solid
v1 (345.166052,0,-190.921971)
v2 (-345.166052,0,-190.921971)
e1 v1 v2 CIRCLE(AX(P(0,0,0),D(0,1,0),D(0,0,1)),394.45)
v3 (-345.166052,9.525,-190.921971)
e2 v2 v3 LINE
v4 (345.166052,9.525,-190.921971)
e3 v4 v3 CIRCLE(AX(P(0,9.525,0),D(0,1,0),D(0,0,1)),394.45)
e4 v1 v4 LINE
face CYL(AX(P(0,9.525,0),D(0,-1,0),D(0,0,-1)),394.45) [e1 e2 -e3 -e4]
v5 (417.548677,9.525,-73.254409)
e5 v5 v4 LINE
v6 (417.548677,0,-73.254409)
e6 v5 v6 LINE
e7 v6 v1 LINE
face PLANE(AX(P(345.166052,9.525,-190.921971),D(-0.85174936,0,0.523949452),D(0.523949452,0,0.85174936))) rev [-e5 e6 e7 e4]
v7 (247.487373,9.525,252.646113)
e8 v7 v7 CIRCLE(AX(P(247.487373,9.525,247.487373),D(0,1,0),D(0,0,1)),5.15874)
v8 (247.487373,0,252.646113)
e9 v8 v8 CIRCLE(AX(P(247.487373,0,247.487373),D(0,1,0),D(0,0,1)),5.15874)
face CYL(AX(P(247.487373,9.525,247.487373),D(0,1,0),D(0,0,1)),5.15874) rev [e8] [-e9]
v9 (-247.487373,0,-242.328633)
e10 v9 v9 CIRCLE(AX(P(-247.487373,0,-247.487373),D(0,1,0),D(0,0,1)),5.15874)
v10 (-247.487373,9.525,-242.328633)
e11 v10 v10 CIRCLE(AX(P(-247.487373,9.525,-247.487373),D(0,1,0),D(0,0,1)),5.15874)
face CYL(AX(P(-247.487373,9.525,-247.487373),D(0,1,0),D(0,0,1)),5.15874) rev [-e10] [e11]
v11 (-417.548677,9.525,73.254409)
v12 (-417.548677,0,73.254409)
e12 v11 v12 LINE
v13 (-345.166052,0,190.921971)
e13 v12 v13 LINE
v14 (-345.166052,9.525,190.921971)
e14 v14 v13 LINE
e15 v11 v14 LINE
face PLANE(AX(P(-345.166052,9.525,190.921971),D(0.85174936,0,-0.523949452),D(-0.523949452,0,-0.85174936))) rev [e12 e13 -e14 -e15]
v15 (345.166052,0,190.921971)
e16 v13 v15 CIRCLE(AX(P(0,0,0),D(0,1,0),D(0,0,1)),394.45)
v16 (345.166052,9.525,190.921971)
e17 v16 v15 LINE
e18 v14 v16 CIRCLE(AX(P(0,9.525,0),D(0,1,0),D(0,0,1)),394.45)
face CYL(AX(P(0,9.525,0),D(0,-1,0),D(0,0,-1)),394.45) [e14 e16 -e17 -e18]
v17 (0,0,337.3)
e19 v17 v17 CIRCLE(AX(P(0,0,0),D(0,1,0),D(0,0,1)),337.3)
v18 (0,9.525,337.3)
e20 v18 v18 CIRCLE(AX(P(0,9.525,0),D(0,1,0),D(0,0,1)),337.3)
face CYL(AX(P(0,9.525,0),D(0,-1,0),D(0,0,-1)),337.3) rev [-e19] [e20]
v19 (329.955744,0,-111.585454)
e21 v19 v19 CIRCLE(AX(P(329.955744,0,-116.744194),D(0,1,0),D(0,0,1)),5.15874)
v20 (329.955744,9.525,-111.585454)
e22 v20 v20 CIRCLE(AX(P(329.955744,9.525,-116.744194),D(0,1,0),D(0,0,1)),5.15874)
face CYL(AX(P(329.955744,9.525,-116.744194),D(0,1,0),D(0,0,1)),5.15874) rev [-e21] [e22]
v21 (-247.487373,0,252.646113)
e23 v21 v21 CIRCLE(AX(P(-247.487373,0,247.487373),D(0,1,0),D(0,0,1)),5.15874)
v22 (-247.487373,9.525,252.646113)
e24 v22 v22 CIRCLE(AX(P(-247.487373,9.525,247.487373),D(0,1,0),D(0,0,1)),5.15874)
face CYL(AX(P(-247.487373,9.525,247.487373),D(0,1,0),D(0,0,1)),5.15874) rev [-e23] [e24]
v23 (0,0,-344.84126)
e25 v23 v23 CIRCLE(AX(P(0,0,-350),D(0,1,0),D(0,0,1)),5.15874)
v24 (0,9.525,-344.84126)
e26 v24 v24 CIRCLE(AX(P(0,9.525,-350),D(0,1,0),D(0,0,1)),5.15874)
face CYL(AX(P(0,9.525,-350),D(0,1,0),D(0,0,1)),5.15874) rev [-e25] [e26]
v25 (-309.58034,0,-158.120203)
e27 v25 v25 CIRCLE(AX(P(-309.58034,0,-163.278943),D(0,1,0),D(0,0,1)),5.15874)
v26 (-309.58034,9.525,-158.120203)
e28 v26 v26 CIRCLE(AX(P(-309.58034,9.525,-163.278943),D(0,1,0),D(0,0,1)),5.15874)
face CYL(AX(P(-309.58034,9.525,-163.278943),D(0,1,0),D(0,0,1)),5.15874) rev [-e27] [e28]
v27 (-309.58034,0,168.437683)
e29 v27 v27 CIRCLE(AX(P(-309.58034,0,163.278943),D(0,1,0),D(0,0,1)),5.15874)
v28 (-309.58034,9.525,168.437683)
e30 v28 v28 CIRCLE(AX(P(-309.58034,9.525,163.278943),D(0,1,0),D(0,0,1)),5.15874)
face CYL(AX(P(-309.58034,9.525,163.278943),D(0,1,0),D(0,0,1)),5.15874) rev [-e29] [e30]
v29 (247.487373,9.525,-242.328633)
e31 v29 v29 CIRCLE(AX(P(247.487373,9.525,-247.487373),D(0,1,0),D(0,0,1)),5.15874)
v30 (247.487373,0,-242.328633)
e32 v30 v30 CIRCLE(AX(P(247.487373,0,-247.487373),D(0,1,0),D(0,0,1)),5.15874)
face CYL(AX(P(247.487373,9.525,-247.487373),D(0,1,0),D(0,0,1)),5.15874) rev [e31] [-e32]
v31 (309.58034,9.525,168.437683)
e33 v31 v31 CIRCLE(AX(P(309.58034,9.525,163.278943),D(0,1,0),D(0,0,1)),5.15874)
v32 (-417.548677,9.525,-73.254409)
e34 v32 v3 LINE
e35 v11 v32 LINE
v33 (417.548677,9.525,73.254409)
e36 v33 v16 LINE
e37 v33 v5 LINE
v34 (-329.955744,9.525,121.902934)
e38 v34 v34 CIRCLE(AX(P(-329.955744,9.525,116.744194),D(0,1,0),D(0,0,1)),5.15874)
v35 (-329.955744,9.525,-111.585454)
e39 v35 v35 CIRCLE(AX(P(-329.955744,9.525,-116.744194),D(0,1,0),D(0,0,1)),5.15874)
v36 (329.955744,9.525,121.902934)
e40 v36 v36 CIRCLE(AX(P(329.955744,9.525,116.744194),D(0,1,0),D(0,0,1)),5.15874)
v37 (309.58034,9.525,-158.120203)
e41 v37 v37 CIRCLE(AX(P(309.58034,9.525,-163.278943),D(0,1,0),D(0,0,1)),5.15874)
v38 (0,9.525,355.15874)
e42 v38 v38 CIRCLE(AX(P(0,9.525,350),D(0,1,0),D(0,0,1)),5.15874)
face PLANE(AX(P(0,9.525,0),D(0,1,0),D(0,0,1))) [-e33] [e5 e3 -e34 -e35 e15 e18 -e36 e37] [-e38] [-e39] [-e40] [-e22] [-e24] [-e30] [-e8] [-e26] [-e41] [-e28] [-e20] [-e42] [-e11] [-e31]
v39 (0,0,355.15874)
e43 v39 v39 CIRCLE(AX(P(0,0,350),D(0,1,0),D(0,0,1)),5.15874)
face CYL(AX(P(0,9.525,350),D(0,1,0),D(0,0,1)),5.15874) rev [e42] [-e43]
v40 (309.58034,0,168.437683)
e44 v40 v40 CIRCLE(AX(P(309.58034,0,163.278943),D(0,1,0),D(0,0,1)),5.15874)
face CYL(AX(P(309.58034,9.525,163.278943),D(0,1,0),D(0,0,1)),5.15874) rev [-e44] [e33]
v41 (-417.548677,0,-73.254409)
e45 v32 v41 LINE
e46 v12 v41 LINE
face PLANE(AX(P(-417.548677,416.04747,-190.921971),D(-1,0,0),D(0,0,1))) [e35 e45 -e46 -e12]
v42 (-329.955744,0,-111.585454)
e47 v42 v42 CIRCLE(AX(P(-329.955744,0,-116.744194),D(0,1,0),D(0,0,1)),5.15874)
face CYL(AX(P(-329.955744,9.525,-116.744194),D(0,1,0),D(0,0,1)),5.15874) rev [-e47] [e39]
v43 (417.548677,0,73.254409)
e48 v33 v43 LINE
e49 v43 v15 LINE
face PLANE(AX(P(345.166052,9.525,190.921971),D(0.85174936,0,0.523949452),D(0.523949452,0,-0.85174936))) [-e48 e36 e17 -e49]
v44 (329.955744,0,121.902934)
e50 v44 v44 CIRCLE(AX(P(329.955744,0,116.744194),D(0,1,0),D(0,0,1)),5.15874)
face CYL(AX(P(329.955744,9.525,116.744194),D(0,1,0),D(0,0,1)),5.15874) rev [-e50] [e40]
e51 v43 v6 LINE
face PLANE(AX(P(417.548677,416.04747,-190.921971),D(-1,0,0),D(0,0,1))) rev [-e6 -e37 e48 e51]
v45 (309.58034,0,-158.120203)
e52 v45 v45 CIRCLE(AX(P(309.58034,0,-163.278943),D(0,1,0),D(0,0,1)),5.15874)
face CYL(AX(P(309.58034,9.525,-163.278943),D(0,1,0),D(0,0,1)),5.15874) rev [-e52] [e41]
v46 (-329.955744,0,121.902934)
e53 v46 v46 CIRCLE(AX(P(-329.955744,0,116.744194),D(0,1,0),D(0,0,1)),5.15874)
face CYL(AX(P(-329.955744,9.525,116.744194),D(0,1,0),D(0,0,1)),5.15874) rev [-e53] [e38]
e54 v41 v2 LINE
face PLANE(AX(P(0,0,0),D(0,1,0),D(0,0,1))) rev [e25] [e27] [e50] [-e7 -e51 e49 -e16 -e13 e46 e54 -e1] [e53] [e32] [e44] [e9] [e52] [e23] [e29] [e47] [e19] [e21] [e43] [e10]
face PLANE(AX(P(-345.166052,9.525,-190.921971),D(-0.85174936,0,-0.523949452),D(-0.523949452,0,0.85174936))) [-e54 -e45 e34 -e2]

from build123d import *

# Parameters (mm, degrees)
SKETCH1_R               = 394.45
SKETCH1_R_2             = 337.3
BOSS_EXTRUDE1_DEPTH     = 9.525
SKETCH2_W               = 63.5
SKETCH2_H               = 206.256826312
CUT_EXTRUDE1_DEPTH      = 10.525
BOSS_EXTRUDE4_DEPTH     = 9.525
F_3_8_CLEARANCE_HOLE1_D = 10.31748
MIRROR3_COPY_1_D        = 10.31748
F_3_8_CLEARANCE_HOLE2_D = 10.31748
CIRPATTERN1_COUNT       = 8
CUT_EXTRUDE5_DEPTH      = 10.525
MIRROR9_COPY_1_DEPTH    = 10.525


with BuildPart() as part:
    # Sketch1 → Boss-Extrude1 (new body)
    with BuildSketch(Plane(origin=(0, 0, 0), x_dir=(1, 0, 0), z_dir=(0, 1, 0))):
        Circle(SKETCH1_R)
        Circle(SKETCH1_R_2, mode=Mode.SUBTRACT)
    extrude(amount=BOSS_EXTRUDE1_DEPTH)

    # Sketch2 → Cut-Extrude1 (cut, through all)
    with BuildSketch(Plane(origin=(0, 9.525, 0), x_dir=(1, 0, 0), z_dir=(0, 1, 0))):
        with Locations((-412.48, 0)):
            Rectangle(SKETCH2_W, SKETCH2_H)
    extrude(amount=-CUT_EXTRUDE1_DEPTH, mode=Mode.SUBTRACT)

    # Sketch5 → Boss-Extrude4 (add)
    with BuildSketch(Plane(origin=(0, 0, 0), x_dir=(1, 0, 0), z_dir=(0, 1, 0))):
        with BuildLine():
            Line((278.064904497, 190.921970677), (417.548677299, 190.921970677))
            Line((417.548677299, 190.921970677), (417.548677299, -190.921970677))
            Line((417.548677299, -190.921970677), (278.064904497, -190.921970677))
            ThreePointArc((278.064904497, -190.921970677), (337.3, 0), (278.064904497, 190.921970677))
        make_face()
    boss_extrude4 = extrude(amount=BOSS_EXTRUDE4_DEPTH)

    # Mirror1: Boss-Extrude4 across plane
    add(boss_extrude4.mirror(Plane(origin=(0, 0, 0), x_dir=(0, 0, 1), z_dir=(1, 0, 0))))

    # 3/8 Clearance Hole1 (through all)
    with Locations(Plane(origin=(0, 9.525, 0), x_dir=(-1, 0, 0), z_dir=(0, 1, 0))):
        with Locations((-329.955744274, 116.744193948), (-309.58033967, 163.278943192)):
            f_3_8_clearance_hole1 = Hole(F_3_8_CLEARANCE_HOLE1_D / 2)

    # Mirror2: 3/8 Clearance Hole1 across plane
    add(f_3_8_clearance_hole1.mirror(Plane(origin=(0, 0, 0), x_dir=(0, 0, 1), z_dir=(1, 0, 0))), mode=Mode.SUBTRACT)

    # Mirror3: 3/8 Clearance Hole1 across plane
    add(f_3_8_clearance_hole1.mirror(Plane.XY), mode=Mode.SUBTRACT)

    # Mirror3 copy 1 (through all)
    with Locations(Plane(origin=(0, 9.525, 0), x_dir=(1, 0, 0), z_dir=(0, 1, 0))):
        with Locations((-329.955744274, 116.744193948), (-309.58033967, 163.278943192)):
            Hole(MIRROR3_COPY_1_D / 2)

    # 3/8 Clearance Hole2 (through all)
    with Locations(Plane(origin=(0, 9.525, 0), x_dir=(1, 0, 0), z_dir=(0, 1, 0))):
        with Locations((247.487373415, -247.487373415)):
            f_3_8_clearance_hole2 = Hole(F_3_8_CLEARANCE_HOLE2_D / 2)

    # CirPattern1: 3/8 Clearance Hole2 ×8 about axis, 2 skipped
    cirpattern1_axis = Axis((0, 0, 0), (0, 1, 0))
    add([f_3_8_clearance_hole2.rotate(cirpattern1_axis, i * 360 / CIRPATTERN1_COUNT) for i in range(1, CIRPATTERN1_COUNT) if i not in (1, 5)], mode=Mode.SUBTRACT)

    # Sketch12 → Cut-Extrude5 (cut, through all)
    with BuildSketch(Plane(origin=(0, 0, 0), x_dir=(1, 0, 0), z_dir=(0, 1, 0))):
        Polygon((-417.548677299, 190.921970677), (-417.548677299, 73.2544087), (-345.166052231, 190.921970677), align=None)
    cut_extrude5 = extrude(amount=CUT_EXTRUDE5_DEPTH, mode=Mode.SUBTRACT)

    # Mirror8: Cut-Extrude5 across plane
    add(cut_extrude5.mirror(Plane.XY), mode=Mode.SUBTRACT)

    # Mirror9: Cut-Extrude5 across plane
    add(cut_extrude5.mirror(Plane(origin=(0, 0, 0), x_dir=(0, 0, 1), z_dir=(1, 0, 0))), mode=Mode.SUBTRACT)

    # Mirror9 copy 1 sketch → Mirror9 copy 1 (cut, through all)
    with BuildSketch(Plane(origin=(0, 0, 0), x_dir=(-1, 0, 0), z_dir=(0, 1, 0))):
        Polygon((-417.548677299, 190.921970677), (-417.548677299, 73.2544087), (-345.166052231, 190.921970677), align=None)
    extrude(amount=MIRROR9_COPY_1_DEPTH, mode=Mode.SUBTRACT)


solid = part.part
